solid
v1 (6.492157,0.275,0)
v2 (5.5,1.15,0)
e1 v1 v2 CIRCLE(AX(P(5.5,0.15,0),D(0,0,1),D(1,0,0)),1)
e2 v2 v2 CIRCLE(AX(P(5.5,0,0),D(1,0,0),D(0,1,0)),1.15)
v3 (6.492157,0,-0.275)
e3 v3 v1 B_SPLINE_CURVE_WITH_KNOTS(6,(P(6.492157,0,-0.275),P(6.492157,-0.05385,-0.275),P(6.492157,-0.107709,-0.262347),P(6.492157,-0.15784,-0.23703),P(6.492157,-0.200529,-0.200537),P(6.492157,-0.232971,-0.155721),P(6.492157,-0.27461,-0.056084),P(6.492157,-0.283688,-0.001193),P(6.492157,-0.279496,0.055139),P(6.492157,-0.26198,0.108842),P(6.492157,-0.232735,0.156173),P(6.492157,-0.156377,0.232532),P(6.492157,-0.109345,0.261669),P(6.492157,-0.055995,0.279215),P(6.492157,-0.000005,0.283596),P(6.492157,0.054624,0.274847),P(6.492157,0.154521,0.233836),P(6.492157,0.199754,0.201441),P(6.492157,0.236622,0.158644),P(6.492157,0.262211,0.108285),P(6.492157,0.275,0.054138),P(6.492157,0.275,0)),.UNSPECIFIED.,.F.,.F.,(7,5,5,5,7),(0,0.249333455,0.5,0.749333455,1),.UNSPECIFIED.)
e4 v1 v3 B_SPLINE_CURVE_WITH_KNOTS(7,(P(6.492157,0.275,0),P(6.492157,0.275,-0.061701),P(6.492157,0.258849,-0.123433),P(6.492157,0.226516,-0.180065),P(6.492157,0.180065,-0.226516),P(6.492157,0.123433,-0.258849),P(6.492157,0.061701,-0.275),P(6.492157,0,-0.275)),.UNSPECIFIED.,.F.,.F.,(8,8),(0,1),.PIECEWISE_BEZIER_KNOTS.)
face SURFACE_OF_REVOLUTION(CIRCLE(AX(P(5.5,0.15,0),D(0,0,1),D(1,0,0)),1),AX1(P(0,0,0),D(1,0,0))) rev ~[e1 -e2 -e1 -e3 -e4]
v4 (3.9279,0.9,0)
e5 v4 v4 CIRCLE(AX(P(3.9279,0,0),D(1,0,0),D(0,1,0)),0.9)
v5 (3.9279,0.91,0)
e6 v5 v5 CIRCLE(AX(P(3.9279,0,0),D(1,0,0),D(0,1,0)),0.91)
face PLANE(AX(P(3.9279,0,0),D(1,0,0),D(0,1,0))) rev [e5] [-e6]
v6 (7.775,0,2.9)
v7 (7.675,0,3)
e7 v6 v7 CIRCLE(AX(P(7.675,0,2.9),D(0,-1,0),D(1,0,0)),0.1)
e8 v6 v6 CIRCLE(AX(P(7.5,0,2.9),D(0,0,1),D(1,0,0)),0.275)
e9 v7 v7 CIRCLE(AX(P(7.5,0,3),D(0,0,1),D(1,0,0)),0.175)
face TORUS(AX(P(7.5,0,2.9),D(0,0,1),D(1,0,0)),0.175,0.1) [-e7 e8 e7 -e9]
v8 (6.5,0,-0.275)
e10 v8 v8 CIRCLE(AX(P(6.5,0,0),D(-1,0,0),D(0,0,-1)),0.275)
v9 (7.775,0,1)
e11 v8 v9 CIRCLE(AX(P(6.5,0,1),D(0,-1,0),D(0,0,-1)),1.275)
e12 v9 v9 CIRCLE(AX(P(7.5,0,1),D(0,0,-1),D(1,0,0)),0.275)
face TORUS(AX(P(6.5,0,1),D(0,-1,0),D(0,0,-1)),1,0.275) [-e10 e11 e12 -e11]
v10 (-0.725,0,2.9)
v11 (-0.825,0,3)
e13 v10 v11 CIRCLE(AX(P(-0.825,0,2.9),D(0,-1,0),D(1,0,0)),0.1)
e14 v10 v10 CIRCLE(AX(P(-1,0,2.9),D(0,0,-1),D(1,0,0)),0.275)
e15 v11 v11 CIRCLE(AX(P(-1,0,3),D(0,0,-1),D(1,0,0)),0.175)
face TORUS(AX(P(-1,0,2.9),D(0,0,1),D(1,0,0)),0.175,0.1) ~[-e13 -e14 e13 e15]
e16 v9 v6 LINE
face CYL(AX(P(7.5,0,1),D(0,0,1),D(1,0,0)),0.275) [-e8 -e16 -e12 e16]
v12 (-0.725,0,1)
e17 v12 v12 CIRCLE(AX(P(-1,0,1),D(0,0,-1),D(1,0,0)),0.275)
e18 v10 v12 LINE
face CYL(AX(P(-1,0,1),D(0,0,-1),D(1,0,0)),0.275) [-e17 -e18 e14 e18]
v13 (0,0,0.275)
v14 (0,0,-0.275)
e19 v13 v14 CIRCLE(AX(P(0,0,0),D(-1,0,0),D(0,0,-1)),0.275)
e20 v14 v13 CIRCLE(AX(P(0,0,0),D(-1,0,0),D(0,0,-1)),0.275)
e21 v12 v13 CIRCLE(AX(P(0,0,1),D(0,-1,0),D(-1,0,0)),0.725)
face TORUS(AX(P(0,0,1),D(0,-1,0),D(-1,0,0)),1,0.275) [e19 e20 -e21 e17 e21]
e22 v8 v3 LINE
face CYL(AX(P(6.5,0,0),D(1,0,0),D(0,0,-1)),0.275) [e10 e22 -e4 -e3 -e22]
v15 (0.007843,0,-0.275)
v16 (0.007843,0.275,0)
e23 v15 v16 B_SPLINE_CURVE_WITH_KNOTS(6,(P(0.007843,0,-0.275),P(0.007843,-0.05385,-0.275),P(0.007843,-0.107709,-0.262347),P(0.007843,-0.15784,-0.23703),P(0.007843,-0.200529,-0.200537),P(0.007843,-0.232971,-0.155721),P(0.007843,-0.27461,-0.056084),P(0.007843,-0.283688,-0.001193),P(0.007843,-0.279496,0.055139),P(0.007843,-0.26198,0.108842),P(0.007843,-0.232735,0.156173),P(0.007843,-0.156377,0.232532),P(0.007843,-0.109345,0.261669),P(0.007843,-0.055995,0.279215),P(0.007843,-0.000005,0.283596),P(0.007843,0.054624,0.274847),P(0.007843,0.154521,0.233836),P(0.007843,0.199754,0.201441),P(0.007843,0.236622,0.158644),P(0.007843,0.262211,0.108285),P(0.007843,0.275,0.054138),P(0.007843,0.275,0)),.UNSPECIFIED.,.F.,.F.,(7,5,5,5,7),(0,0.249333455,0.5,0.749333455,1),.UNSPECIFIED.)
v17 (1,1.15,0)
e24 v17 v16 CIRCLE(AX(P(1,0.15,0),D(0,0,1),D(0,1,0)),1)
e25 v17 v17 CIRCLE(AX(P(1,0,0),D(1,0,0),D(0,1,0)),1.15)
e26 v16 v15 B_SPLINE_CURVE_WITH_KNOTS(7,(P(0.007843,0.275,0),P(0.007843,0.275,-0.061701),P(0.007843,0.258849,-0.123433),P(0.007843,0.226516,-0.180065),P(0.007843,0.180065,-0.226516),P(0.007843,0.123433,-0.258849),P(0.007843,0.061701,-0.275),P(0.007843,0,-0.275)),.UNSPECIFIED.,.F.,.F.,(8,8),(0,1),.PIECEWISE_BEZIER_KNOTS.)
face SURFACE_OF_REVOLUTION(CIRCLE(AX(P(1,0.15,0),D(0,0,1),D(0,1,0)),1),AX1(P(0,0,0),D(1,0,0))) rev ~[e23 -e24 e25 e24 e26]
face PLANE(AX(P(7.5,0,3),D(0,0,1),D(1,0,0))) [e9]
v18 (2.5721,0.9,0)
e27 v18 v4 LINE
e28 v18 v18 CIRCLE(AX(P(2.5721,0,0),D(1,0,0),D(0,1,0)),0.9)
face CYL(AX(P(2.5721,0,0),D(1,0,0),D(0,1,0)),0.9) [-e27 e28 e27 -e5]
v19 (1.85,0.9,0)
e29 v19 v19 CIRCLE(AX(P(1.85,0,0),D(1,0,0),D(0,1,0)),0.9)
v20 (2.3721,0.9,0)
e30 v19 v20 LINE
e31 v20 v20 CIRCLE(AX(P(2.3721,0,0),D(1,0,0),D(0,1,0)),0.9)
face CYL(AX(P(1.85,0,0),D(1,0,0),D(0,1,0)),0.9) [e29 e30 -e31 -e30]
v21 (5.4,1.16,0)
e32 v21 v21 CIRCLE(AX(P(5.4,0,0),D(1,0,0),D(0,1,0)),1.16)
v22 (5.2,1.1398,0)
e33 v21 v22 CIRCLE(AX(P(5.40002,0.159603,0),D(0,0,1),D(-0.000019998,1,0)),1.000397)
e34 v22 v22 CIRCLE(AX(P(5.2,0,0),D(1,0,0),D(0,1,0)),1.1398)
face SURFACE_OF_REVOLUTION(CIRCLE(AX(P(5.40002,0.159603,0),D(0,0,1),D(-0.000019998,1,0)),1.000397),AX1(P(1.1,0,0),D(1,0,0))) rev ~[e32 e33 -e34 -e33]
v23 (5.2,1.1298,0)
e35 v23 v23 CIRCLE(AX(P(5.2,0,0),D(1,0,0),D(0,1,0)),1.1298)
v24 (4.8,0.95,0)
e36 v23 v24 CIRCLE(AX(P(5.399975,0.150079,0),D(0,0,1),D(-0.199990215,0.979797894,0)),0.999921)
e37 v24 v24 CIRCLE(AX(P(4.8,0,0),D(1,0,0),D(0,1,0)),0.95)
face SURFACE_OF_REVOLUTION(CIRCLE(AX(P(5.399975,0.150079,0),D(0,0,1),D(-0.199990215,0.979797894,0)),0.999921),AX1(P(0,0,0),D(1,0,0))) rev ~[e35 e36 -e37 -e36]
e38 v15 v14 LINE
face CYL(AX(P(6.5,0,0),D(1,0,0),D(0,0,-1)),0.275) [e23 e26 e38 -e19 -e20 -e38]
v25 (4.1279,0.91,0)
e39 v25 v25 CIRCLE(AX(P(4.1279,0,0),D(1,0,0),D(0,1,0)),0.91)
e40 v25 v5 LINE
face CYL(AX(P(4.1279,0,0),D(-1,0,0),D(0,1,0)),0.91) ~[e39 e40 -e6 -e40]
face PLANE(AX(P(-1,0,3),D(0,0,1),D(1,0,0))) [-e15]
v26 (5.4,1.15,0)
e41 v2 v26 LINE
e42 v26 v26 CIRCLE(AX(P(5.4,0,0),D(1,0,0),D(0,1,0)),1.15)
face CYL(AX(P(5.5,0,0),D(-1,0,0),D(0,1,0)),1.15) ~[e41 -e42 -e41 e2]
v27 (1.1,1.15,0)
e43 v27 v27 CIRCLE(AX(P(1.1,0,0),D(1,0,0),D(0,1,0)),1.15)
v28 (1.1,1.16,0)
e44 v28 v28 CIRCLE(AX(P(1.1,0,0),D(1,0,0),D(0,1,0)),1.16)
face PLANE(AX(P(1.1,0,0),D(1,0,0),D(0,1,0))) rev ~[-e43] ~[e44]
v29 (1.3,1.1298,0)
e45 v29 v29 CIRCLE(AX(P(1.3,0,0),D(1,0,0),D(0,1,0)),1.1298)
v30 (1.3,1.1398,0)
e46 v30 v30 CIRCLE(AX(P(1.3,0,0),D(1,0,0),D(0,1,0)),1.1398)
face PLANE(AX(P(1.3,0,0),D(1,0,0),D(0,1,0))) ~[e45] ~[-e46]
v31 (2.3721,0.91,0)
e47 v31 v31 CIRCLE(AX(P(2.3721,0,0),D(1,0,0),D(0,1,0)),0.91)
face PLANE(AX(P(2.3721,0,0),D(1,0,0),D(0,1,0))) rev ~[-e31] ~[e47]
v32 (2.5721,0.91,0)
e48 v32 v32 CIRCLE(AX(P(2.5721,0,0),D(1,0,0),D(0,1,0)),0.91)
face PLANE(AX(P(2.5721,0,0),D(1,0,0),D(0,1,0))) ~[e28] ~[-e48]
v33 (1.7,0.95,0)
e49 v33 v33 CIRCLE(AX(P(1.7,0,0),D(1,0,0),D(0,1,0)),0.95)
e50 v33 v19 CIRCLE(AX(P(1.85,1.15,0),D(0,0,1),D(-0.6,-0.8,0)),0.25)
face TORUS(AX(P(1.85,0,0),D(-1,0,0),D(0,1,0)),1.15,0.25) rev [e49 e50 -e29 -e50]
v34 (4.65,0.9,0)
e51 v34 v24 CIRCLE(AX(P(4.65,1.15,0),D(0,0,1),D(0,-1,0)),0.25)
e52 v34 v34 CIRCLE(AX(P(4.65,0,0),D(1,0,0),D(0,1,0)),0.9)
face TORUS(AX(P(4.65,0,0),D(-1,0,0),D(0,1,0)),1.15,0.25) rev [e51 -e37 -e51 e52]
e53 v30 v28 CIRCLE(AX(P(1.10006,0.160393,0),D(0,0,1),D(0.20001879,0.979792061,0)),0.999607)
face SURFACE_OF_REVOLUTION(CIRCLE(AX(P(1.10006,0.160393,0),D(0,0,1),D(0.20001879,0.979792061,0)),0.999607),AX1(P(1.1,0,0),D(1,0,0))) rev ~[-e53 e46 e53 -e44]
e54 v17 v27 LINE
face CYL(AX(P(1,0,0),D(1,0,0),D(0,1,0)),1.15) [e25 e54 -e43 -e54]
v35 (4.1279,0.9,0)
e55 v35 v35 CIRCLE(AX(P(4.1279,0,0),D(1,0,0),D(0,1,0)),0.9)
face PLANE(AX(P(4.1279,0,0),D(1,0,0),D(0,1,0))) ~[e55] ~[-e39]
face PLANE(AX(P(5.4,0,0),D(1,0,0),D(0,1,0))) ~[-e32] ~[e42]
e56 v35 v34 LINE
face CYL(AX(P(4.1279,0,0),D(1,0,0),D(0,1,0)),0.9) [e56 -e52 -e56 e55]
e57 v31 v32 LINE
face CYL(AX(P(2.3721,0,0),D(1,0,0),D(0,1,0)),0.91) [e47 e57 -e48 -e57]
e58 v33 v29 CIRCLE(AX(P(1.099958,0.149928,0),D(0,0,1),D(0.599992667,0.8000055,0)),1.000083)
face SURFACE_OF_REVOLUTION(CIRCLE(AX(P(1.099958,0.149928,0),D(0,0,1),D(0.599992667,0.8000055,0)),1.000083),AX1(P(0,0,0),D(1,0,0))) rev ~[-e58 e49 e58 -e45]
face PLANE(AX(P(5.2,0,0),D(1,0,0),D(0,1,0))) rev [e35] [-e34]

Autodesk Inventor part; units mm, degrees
ref_plane "YZ Plane" through (0, 0, 0) normal (1, 0, 0) x (0, 1, 0)
ref_plane "XZ Plane" through (0, 0, 0) normal (0, 1, 0) x (-1, 0, 0)
sketch "Sketch2" plane through (0, 0, 0) normal (0, 0, 1) x (1, 0, 0)
  line L0 (0, 0) -> (0, 0.15)
  line L1 (6.5, 0.15) -> (6.5, 0)
  line L2 (1, 1.15) -> (1.1, 1.15)
  line L3 (5.5, 1.15) -> (5.4, 1.15)
  line L4 (1.6, 1.15) -> (1.6, 1.15)
  line L5 (4.9, 1.15) -> (4.9, 1.15)
  arc A0 (1.7, 0.95) -> (1.85, 0.9) centre (1.85, 1.15) ccw
  arc A1 (4.65, 0.9) -> (4.8, 0.95) centre (4.65, 1.15) ccw
  arc A2 (1.7, 0.95) -> (1.3, 1.1298) centre (1.1, 0.15) ccw
  arc A3 (5.2, 1.1298) -> (4.8, 0.95) centre (5.4, 0.15) ccw
  line L6 (0, 0) -> (1.1, 0)
  arc A4 (6.5, 0.15) -> (5.5, 1.15) centre (5.5, 0.15) ccw
  arc A5 (1, 1.15) -> (0, 0.15) centre (1, 0.15) ccw
  line L7 (1.1, 1.15) -> (1.1, 0)
  line L8 (1.1, 0) -> (1.3, 0)
  line L9 (1.3, 0) -> (1.3, 1.1298)
  line L10 (2.3721, 0.9) -> (2.3721, 0)
  line L11 (2.3721, 0) -> (2.5721, 0)
  line L12 (2.5721, 0) -> (2.5721, 0.9)
  line L13 (2.3721, 0.91) -> (2.5721, 0.91)
  arc A6 (1.3, 1.1398) -> (1.1, 1.16) centre (1.1, 0.16) ccw
  line L14 (5.4, 1.15) -> (5.4, 0)
  line L15 (5.4, 0) -> (5.2, 0)
  line L16 (5.2, 0) -> (5.2, 1.1298)
  line L17 (4.1279, 0.9) -> (4.1279, 0)
  line L18 (4.1279, 0) -> (3.9279, 0)
  line L19 (3.9279, 0) -> (3.9279, 0.9)
  line L20 (4.1279, 0.91) -> (3.9279, 0.91)
  arc A7 (5.4, 1.16) -> (5.2, 1.1398) centre (5.4, 0.16) ccw
  line L21 (1.85, 0.9) -> (2.3721, 0.9)
  line L22 (2.5721, 0.9) -> (3.9279, 0.9)
  line L23 (4.1279, 0.9) -> (4.65, 0.9)
  line L24 (1.1, 0) -> (1.3, 0)
  line L25 (1.3, 0) -> (2.3721, 0)
  line L26 (2.3721, 0) -> (2.5721, 0)
  line L27 (2.5721, 0) -> (3.9279, 0)
  line L28 (3.9279, 0) -> (4.1279, 0)
  line L29 (4.1279, 0) -> (5.2, 0)
  line L30 (5.2, 0) -> (5.4, 0)
  line L31 (5.4, 0) -> (6.5, 0)
  line L32 (1.1, 1.15) -> (1.1, 1.16)
  line L33 (2.3721, 0.9) -> (2.3721, 0.91)
  line L34 (3.9279, 0.9) -> (3.9279, 0.91)
  line L35 (5.2, 1.1298) -> (5.2, 1.1398)
  line L36 (5.4, 1.15) -> (5.4, 1.16)
  line L37 (4.1279, 0.9) -> (4.1279, 0.91)
  line L38 (2.5721, 0.9) -> (2.5721, 0.91)
  line L39 (1.3, 1.1298) -> (1.3, 1.1398)
  point P0 (0, 0)
  point P1 (5.2, 1.1298)
  point P2 (1.3, 1.1298)
  point P3 (1.3, 1.1298)
revolve "Revolution3" add sketch "Sketch2" angle 360 about axis through (0, 0, 0) along (1, 0, 0) contours L0 A5 L2 L7 L6 | L9 A2 A0 L21 L10 L25 | L12 L22 L19 L27 | L17 L23 A1 A3 L16 L29 | L14 L3 A4 L1 L31
revolve "Revolution4" add sketch "Sketch2" angle 360 about axis through (1.1, 0, 0) along (1, 0, 0) contours L7 L32 A6 L39 L9 L8 | L10 L33 L13 L38 L12 L11 | L19 L34 L20 L37 L17 L18 | L16 L35 A7 L36 L14 L15
sketch "Sketch3" plane through (0, 0, 0) normal (-1, 0, 0) x (0, 0, 1)
  circle A0 centre (0, 0) radius 0.15 projected
  line L0 (-0.15, 0) -> (0.15, 0)
ref_plane "Work Plane1" through (0, 0, -0.15) normal (0, -1, 0) x (0, 0, 1)
sketch "Sketch4" plane through (0, 0, -0.15) normal (0, -1, 0) x (0, 0, 1)
  line L0 (0.15, 0) -> (0.15, 0)
  line L1 (0, -6.5) -> (0.3, -6.5) projected
  line L2 (0.15, -6.5) -> (0.15, -6.5)
  line L3 (1.15, -7.5) -> (3.15, -7.5)
  line L4 (1.15, 1) -> (3.15, 1)
  arc A0 (1.15, 1) -> (0.15, 0) centre (1.15, 0) ccw
  arc A1 (0.15, -6.5) -> (1.15, -7.5) centre (1.15, -6.5) ccw
  dimension "d9" = 1
sketch "Sketch5" plane through (6.5, 0, 0) normal (1, 0, 0) x (0, 0, -1)
  circle A0 centre (0, 0) radius 0.275
sketch "Sketch6" plane through (0, 0, 0) normal (-1, 0, 0) x (0, 0, 1)
  circle A0 centre (0, 0) radius 0.275
sweep "Sweep1" add profiles "Sketch6" path "Sketch4" path curves L0 A0 L4
sweep "Sweep2" add profiles "Sketch5" path "Sketch4" path curves L2 A1 L3
extrude "Extrusion1" add sketch "Sketch5" against normal blind 6.5
fillet "Fillet1" radius 0.1 7 edges at (6.5, 0, 0.275) (7.225, 0, 1) (7.225, 0, 3) (0, -0.275, 0) (0, 0.275, 0) (-1.275, 0, 1) (-1.275, 0, 3)
properties part number "CF14JT150R"
